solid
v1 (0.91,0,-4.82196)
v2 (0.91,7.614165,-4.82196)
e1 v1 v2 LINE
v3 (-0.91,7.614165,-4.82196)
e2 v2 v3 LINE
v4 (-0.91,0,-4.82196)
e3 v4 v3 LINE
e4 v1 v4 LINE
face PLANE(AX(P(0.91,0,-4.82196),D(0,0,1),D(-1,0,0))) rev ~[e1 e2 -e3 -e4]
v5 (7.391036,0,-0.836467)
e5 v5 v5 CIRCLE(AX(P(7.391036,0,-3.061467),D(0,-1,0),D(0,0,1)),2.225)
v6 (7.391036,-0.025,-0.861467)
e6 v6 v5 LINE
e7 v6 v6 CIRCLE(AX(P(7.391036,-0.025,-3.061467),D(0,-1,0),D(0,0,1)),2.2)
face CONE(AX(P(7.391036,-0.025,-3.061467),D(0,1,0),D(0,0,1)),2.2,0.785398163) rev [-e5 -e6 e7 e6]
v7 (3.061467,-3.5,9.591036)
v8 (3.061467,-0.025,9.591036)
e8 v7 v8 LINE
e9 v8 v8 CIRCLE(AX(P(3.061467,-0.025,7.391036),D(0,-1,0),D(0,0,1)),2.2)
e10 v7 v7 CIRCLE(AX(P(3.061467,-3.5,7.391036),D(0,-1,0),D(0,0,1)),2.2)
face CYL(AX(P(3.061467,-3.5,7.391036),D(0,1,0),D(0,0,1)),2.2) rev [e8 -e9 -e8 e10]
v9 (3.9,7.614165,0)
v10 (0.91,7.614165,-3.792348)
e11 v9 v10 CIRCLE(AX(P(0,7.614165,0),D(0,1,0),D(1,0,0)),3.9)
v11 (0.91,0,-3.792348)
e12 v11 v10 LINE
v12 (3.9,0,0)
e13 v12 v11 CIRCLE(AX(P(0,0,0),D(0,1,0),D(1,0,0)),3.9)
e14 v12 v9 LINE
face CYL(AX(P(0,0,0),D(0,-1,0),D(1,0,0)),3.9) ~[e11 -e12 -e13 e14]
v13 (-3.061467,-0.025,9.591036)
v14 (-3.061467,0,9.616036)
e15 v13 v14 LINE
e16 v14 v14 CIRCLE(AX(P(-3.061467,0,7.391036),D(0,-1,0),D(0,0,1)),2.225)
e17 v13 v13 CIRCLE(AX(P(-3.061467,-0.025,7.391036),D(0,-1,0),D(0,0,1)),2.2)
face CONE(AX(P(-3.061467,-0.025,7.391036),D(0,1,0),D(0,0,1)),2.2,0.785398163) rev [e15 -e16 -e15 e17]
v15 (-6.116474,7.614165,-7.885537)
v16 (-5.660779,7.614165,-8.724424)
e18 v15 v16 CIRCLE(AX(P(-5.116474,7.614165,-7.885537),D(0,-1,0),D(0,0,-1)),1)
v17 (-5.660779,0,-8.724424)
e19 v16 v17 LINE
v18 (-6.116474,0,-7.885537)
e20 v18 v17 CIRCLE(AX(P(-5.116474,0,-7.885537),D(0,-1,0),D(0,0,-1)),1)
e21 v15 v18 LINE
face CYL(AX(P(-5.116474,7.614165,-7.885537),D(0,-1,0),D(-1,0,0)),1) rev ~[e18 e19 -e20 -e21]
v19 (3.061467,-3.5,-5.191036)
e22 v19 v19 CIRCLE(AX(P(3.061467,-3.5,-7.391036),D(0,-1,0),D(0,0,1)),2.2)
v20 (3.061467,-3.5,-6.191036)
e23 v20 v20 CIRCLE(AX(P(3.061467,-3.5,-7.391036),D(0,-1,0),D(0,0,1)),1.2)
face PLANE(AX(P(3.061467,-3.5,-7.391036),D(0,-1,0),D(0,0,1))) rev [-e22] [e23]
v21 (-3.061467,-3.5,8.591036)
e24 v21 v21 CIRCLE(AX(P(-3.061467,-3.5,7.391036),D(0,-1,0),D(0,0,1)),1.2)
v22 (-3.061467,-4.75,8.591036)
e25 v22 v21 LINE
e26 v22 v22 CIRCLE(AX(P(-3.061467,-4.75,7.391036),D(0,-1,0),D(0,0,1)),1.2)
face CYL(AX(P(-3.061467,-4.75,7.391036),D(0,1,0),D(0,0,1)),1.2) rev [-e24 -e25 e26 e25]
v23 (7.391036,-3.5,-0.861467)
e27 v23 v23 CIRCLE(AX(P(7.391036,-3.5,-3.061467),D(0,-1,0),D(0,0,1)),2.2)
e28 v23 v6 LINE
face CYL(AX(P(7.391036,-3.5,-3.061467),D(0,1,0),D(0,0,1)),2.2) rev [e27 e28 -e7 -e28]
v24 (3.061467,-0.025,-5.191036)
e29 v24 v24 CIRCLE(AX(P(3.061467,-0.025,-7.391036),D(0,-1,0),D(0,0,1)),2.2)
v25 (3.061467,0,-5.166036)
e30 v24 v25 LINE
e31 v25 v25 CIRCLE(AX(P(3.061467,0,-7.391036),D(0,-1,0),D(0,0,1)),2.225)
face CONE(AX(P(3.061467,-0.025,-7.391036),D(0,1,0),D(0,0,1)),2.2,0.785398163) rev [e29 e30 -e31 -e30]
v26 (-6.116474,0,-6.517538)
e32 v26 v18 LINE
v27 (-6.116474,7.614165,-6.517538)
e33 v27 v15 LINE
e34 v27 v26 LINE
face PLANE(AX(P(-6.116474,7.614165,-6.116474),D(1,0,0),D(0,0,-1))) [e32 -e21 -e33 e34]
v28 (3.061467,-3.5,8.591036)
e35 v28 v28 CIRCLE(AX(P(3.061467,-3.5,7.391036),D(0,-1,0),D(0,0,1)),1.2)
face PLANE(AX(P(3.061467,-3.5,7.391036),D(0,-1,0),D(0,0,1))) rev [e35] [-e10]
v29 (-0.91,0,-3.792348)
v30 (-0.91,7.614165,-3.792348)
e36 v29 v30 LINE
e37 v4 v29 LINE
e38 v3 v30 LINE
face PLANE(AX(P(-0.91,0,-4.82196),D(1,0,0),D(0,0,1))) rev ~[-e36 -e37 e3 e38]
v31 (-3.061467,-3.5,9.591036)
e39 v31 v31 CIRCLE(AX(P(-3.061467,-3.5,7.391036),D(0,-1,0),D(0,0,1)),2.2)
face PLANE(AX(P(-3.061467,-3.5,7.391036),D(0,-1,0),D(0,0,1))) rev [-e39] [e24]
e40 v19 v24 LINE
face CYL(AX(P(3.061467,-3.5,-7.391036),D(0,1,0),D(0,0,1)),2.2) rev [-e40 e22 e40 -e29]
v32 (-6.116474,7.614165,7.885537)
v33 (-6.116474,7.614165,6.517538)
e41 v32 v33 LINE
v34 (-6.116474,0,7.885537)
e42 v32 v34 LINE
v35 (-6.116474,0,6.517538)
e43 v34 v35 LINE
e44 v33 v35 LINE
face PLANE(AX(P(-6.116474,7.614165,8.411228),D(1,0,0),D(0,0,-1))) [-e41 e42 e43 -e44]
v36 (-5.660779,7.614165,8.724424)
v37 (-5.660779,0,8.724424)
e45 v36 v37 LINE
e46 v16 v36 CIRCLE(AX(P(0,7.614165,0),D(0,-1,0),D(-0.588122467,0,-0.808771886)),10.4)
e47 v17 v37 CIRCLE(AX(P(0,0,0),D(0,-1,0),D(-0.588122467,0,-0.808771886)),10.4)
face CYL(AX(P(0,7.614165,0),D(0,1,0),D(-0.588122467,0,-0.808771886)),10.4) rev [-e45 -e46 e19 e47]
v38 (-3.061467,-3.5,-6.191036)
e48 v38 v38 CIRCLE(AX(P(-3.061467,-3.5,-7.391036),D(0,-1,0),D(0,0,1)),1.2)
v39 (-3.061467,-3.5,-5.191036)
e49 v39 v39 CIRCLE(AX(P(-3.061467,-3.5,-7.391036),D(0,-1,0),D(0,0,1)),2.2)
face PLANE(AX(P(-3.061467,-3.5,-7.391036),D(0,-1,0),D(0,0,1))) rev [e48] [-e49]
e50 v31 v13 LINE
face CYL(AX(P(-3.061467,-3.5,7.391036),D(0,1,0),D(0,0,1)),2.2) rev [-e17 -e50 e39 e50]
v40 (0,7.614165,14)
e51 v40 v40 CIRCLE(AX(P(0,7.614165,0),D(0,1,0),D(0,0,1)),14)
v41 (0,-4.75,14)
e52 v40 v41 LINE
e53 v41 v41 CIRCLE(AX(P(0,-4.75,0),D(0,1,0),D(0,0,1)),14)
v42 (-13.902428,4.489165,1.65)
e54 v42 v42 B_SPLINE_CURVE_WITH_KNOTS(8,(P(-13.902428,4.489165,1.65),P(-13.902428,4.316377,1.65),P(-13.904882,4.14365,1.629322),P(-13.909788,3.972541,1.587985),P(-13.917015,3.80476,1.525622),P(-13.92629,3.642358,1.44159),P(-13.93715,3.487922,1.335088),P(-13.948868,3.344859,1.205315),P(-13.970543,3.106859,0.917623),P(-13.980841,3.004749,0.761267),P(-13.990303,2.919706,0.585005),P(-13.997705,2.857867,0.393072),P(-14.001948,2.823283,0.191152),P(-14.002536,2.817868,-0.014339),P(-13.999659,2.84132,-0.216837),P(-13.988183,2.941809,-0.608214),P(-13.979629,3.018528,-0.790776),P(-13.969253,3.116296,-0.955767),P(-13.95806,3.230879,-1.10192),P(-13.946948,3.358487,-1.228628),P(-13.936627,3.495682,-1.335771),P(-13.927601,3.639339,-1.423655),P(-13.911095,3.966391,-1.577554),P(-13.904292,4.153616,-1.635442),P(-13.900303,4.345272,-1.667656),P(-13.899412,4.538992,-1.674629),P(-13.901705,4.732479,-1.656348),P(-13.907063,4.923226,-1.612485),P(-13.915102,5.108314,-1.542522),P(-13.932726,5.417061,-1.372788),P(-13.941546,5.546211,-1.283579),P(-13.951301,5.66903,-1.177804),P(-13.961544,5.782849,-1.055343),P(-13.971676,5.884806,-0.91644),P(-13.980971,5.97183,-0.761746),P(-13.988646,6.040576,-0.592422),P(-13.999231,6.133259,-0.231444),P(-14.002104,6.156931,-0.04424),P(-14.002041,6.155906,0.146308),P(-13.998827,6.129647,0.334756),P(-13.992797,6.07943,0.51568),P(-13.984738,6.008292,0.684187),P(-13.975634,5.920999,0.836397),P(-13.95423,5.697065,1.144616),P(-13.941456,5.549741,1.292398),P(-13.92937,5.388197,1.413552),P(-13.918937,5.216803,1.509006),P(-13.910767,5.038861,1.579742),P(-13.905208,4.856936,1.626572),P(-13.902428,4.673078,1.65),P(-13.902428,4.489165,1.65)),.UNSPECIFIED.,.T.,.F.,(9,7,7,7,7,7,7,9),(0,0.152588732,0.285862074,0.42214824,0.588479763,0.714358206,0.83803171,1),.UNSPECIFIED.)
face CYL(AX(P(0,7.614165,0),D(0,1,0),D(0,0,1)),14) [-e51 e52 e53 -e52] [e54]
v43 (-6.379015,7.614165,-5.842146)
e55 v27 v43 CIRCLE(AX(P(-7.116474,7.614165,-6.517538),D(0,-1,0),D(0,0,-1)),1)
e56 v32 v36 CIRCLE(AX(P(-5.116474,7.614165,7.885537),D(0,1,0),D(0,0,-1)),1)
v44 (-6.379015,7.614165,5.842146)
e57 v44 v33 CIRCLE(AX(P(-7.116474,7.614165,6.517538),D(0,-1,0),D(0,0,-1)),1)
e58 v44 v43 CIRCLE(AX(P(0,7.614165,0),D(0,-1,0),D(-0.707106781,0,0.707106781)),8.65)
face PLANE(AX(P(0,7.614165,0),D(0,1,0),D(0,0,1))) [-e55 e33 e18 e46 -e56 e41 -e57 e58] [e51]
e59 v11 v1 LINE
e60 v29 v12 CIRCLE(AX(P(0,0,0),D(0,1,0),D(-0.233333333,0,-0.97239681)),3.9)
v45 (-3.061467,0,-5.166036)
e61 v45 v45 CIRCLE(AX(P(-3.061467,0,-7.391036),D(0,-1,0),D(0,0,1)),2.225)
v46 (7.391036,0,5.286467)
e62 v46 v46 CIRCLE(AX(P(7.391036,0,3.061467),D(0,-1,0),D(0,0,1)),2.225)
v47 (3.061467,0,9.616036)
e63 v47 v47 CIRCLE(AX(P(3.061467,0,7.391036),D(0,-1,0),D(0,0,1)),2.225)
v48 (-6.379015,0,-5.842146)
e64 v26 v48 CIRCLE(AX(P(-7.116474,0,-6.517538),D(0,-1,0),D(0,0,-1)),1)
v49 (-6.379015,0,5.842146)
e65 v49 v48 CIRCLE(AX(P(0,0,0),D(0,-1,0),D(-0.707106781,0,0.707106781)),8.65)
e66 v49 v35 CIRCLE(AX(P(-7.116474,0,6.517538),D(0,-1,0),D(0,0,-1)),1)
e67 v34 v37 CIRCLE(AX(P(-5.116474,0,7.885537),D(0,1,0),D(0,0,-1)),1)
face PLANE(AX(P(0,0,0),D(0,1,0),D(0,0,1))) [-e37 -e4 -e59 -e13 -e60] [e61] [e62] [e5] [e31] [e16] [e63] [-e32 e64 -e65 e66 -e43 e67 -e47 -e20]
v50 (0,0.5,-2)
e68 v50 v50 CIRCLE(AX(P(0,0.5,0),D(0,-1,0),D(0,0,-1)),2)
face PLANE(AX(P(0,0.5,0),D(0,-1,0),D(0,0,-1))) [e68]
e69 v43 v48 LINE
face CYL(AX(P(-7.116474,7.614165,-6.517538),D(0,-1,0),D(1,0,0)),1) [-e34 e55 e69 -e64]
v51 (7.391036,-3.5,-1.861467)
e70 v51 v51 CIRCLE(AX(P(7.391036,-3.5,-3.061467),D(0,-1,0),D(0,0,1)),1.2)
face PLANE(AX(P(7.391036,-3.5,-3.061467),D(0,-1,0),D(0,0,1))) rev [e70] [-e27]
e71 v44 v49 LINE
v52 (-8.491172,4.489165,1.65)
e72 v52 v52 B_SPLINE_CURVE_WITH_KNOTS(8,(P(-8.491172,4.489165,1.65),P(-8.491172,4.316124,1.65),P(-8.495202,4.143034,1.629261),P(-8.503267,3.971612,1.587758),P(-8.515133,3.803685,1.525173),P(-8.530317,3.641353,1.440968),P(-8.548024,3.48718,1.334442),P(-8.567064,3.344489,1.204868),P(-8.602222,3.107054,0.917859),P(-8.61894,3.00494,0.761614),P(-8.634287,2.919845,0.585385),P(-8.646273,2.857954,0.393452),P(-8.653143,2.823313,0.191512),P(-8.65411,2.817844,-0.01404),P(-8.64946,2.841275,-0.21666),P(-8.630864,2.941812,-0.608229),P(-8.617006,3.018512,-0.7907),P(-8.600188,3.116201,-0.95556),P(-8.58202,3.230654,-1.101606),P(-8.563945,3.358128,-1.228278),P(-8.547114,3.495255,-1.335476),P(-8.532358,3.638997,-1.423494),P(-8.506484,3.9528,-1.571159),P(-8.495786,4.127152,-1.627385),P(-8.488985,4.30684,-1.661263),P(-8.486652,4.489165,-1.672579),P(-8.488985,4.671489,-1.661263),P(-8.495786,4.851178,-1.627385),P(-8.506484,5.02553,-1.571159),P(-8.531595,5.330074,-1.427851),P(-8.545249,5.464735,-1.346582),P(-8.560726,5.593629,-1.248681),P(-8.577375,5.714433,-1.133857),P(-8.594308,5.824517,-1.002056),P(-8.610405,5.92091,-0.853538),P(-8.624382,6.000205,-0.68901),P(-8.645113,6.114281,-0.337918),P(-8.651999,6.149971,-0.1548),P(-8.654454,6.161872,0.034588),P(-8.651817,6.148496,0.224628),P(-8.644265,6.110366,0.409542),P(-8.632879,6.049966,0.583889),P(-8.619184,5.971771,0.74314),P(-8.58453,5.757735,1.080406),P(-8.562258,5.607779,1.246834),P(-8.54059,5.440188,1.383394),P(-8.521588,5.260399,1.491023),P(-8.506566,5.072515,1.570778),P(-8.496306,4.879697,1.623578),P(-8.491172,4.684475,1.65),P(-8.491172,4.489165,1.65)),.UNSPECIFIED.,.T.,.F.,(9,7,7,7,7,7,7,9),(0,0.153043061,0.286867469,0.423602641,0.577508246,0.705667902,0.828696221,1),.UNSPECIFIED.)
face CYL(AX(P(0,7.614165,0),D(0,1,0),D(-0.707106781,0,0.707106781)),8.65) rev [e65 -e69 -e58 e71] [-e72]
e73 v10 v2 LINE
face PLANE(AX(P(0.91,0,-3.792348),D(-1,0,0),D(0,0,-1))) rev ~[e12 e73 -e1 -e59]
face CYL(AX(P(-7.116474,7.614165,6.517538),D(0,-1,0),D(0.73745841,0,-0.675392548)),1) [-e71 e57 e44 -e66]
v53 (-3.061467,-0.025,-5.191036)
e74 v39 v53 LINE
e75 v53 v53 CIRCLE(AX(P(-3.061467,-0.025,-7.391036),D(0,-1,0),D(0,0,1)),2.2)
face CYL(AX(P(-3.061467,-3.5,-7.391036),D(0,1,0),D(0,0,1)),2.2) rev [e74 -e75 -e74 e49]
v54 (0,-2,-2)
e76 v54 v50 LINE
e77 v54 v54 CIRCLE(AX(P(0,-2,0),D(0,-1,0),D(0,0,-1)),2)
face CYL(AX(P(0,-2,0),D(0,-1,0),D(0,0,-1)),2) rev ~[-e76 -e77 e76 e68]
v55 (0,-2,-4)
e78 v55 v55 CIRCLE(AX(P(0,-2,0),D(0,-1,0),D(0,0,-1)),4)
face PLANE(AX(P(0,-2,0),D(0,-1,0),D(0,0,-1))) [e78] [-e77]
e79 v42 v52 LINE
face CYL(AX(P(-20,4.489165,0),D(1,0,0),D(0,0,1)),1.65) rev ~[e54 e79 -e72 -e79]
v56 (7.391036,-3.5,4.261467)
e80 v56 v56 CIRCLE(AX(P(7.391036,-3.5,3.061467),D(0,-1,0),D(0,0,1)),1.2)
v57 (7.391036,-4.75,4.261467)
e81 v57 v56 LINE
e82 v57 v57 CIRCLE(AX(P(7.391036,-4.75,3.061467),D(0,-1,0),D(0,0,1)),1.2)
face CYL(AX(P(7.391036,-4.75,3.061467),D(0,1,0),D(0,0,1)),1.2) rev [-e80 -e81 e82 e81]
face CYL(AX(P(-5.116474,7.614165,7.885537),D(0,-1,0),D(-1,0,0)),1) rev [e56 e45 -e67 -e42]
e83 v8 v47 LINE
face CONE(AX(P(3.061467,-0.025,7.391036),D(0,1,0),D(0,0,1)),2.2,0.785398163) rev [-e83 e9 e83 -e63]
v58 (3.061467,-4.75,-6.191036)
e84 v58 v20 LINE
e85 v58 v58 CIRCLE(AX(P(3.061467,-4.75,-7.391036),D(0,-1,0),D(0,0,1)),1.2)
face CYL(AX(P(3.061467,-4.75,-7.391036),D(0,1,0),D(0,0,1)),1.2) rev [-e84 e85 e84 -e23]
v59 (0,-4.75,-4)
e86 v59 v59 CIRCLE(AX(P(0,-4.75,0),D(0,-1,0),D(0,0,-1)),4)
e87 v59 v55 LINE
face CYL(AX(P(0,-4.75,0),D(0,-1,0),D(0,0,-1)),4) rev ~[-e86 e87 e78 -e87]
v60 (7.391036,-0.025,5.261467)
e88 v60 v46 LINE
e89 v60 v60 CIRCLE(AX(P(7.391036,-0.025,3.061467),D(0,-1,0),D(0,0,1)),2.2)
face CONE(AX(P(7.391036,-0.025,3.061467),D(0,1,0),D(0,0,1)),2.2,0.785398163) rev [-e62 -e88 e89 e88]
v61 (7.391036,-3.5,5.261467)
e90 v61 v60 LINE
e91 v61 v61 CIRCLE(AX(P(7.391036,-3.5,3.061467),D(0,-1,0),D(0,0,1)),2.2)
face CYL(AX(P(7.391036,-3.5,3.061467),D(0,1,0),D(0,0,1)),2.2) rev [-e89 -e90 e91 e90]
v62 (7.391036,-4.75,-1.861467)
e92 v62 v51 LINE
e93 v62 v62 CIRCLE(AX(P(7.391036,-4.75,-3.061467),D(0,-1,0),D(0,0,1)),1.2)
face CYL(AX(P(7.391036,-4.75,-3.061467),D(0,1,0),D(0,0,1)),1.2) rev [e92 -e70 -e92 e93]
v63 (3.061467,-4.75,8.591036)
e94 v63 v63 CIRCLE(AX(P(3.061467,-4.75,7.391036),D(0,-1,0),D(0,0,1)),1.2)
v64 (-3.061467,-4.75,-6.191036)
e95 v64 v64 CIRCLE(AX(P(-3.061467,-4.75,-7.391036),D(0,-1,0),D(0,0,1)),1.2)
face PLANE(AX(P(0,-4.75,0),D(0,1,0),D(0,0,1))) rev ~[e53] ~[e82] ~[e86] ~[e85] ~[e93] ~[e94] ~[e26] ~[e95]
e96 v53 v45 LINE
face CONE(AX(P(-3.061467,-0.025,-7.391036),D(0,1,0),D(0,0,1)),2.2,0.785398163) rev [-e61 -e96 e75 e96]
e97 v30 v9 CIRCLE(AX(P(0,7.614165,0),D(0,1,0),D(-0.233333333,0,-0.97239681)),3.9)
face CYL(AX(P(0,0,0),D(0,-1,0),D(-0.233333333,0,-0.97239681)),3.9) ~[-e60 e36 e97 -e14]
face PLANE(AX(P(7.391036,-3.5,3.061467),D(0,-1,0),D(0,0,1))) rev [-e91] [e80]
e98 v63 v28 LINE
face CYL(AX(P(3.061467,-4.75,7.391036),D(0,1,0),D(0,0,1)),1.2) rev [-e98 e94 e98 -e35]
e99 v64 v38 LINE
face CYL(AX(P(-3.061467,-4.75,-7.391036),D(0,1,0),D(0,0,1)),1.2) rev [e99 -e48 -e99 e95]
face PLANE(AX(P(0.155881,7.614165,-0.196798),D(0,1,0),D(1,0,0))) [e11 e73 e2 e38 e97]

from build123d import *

# Parameters (mm, degrees)
SKETCH1_R                             = 14
BOSS_EXTRUDE1_DEPTH                   = 4.75
BOSS_EXTRUDE4_DEPTH                   = 7.61416499
BOSS_EXTRUDE5_START                   = 7.61416499
SKETCH5_R                             = 14
BOSS_EXTRUDE5_DEPTH                   = 7.61416499
TAP_DRILL_FOR_M4X0_7_TAP2_D           = 3.3
TAP_DRILL_FOR_M4X0_7_TAP2_DEPTH       = 13.724
TAP_DRILL_FOR_M4X0_7_TAP2_CSINK_D     = 3.35
TAP_DRILL_FOR_M4X0_7_TAP2_CSINK_ANGLE = 90
TAP_DRILL_FOR_M4X0_7_TAP2_TIP         = 0.991420021
FILLET2_R                             = 1
CBORE_FOR_M2_SHCS3_AT_2_COUNT         = 2
CBORE_FOR_M2_SHCS3_AT_2_PITCH         = 6.122934918
CBORE_FOR_M2_SHCS3_AT_3_COUNT         = 2
CBORE_FOR_M2_SHCS3_AT_3_PITCH         = 11.313708499
CBORE_FOR_M2_SHCS3_AT_4_COUNT         = 2
CBORE_FOR_M2_SHCS3_AT_4_PITCH         = 14.78207252
CBORE_FOR_M2_SHCS3_AT_5_COUNT         = 2
CBORE_FOR_M2_SHCS3_AT_5_PITCH         = 16
CBORE_FOR_M2_SHCS3_AT_6_COUNT         = 2
CBORE_FOR_M2_SHCS3_AT_6_PITCH         = 14.78207252
SKETCH20_R                            = 4
CUT_EXTRUDE2_DEPTH                    = 2.75
SKETCH21_R                            = 2
CUT_EXTRUDE3_DEPTH                    = 2.5


with BuildPart() as part:
    # Sketch1 → Boss-Extrude1 (new body)
    with BuildSketch(Plane(origin=(0, 0, 0), x_dir=(1, 0, 0), z_dir=(0, 1, 0))):
        with Locations(Location((0, 0, 0), (0, 0, 270))):
            Circle(SKETCH1_R)
    extrude(amount=-BOSS_EXTRUDE1_DEPTH)

    # Sketch4 → Boss-Extrude4 (add)
    with BuildSketch(Plane(origin=(0, 0, 0), x_dir=(1, 0, 0), z_dir=(0, 1, 0))):
        with BuildLine():
            ThreePointArc((3.9, 0), (3.062596937, 2.414642831), (0.91, 3.792347558))
            Line((0.91, 3.792347558), (-0.91, 3.792347558))
            ThreePointArc((-0.91, 3.792347558), (-2.414642831, -3.062596937), (3.9, 0))
        make_face()
        with BuildLine():
            Line((-0.91, 3.792347558), (0.91, 3.792347558))
            ThreePointArc((0.91, 3.792347558), (0, 3.9), (-0.91, 3.792347558))
        make_face()
        with BuildLine():
            Line((0.91, 3.792347558), (0.91, 4.821959978))
            Line((0.91, 4.821959978), (-0.91, 4.821959978))
            Line((-0.91, 4.821959978), (-0.91, 3.792347558))
            ThreePointArc((-0.91, 3.792347558), (0, 3.9), (0.91, 3.792347558))
        make_face()
    extrude(amount=BOSS_EXTRUDE4_DEPTH)

    # Sketch5 → Boss-Extrude5 (add)
    with BuildSketch(Plane(origin=(0, 0, 0), x_dir=(1, 0, 0), z_dir=(0, 1, 0)).offset(BOSS_EXTRUDE5_START)):
        with Locations(Location((0, 0, 0), (0, 0, 270))):
            Circle(SKETCH5_R)
        with BuildLine():
            ThreePointArc((-6.116473657, 8.411227616), (10.4, 0), (-6.116473657, -8.411227616))
            Line((-6.116473657, -8.411227616), (-6.116473657, -6.116473657))
            ThreePointArc((-6.116473657, -6.116473657), (-8.65, 0), (-6.116473657, 6.116473657))
            Line((-6.116473657, 6.116473657), (-6.116473657, 8.411227616))
        make_face(mode=Mode.SUBTRACT)
    extrude(amount=-BOSS_EXTRUDE5_DEPTH)

    # Tap Drill for M4x0.7 Tap2
    with Locations(Plane(origin=(-20, 0, 0), x_dir=(0, 0, -1), z_dir=(-1, 0, 0))):
        with Locations((0, -4.48916499)):
            CounterSinkHole(TAP_DRILL_FOR_M4X0_7_TAP2_D / 2, TAP_DRILL_FOR_M4X0_7_TAP2_CSINK_D / 2, depth=TAP_DRILL_FOR_M4X0_7_TAP2_DEPTH, counter_sink_angle=TAP_DRILL_FOR_M4X0_7_TAP2_CSINK_ANGLE)
            with Locations((0, 0, -(TAP_DRILL_FOR_M4X0_7_TAP2_DEPTH + TAP_DRILL_FOR_M4X0_7_TAP2_TIP / 2))):  # 118° drill point
                Cone(0, TAP_DRILL_FOR_M4X0_7_TAP2_D / 2, TAP_DRILL_FOR_M4X0_7_TAP2_TIP, mode=Mode.SUBTRACT)

    # Fillet2
    fillet2_edges = [part.edges().sort_by_distance(p)[0] for p in [
        (-6.116473657, 3.807082495, -8.411227616),
        (-6.116473657, 3.807082495, 8.411227616),
        (-6.116473657, 3.807082495, 6.116473657),
        (-6.116473657, 3.807082495, -6.116473657),
    ]]
    fillet(fillet2_edges, radius=FILLET2_R)

    # Sketch19 → CBORE for M2 SHCS3 (revolve, cut)
    with BuildSketch(Plane(origin=(-3.061467459, 0, -7.39103626), x_dir=(0, 0, 1), z_dir=(1, 0, 0))):
        Polygon((0, 0), (0, 5.471032743), (1.2, 4.75), (1.2, 3.5), (2.2, 3.5), (2.2, 0.025), (2.225, 0), align=None)
    cbore_for_m2_shcs3 = revolve(axis=Axis((-3.061467459, 6.35, -7.39103626), (0, -1, 0)), mode=Mode.SUBTRACT)

    # CBORE for M2 SHCS3 at 2: CBORE for M2 SHCS3 ×2
    with Locations(*[(i * CBORE_FOR_M2_SHCS3_AT_2_PITCH, 0, 0) for i in range(1, CBORE_FOR_M2_SHCS3_AT_2_COUNT)]):
        add(cbore_for_m2_shcs3, mode=Mode.SUBTRACT)

    # CBORE for M2 SHCS3 at 3: CBORE for M2 SHCS3 ×2
    with Locations(*[Vector(0.9238795325112845, 0, 0.38268343236509533) * (i * CBORE_FOR_M2_SHCS3_AT_3_PITCH) for i in range(1, CBORE_FOR_M2_SHCS3_AT_3_COUNT)]):
        add(cbore_for_m2_shcs3, mode=Mode.SUBTRACT)

    # CBORE for M2 SHCS3 at 4: CBORE for M2 SHCS3 ×2
    with Locations(*[Vector(0.7071067811865439, 0, 0.7071067811865512) * (i * CBORE_FOR_M2_SHCS3_AT_4_PITCH) for i in range(1, CBORE_FOR_M2_SHCS3_AT_4_COUNT)]):
        add(cbore_for_m2_shcs3, mode=Mode.SUBTRACT)

    # CBORE for M2 SHCS3 at 5: CBORE for M2 SHCS3 ×2
    with Locations(*[Vector(0.3826834323650841, 0, 0.9238795325112892) * (i * CBORE_FOR_M2_SHCS3_AT_5_PITCH) for i in range(1, CBORE_FOR_M2_SHCS3_AT_5_COUNT)]):
        add(cbore_for_m2_shcs3, mode=Mode.SUBTRACT)

    # CBORE for M2 SHCS3 at 6: CBORE for M2 SHCS3 ×2
    with Locations(*[(0, 0, i * CBORE_FOR_M2_SHCS3_AT_6_PITCH) for i in range(1, CBORE_FOR_M2_SHCS3_AT_6_COUNT)]):
        add(cbore_for_m2_shcs3, mode=Mode.SUBTRACT)

    # Sketch20 → Cut-Extrude2 (cut)
    with BuildSketch(Plane.XZ.offset(4.75)):
        with Locations(Location((0, 0, 0), (0, 0, 270))):
            Circle(SKETCH20_R)
    extrude(amount=-CUT_EXTRUDE2_DEPTH, mode=Mode.SUBTRACT)

    # Sketch21 → Cut-Extrude3 (cut)
    with BuildSketch(Plane(origin=(0, -2, 0), x_dir=(-1, 0, 0), z_dir=(0, -1, 0))):
        with Locations(Location((0, 0, 0), (0, 0, 90))):
            Circle(SKETCH21_R)
    extrude(amount=-CUT_EXTRUDE3_DEPTH, mode=Mode.SUBTRACT)


solid = part.part
